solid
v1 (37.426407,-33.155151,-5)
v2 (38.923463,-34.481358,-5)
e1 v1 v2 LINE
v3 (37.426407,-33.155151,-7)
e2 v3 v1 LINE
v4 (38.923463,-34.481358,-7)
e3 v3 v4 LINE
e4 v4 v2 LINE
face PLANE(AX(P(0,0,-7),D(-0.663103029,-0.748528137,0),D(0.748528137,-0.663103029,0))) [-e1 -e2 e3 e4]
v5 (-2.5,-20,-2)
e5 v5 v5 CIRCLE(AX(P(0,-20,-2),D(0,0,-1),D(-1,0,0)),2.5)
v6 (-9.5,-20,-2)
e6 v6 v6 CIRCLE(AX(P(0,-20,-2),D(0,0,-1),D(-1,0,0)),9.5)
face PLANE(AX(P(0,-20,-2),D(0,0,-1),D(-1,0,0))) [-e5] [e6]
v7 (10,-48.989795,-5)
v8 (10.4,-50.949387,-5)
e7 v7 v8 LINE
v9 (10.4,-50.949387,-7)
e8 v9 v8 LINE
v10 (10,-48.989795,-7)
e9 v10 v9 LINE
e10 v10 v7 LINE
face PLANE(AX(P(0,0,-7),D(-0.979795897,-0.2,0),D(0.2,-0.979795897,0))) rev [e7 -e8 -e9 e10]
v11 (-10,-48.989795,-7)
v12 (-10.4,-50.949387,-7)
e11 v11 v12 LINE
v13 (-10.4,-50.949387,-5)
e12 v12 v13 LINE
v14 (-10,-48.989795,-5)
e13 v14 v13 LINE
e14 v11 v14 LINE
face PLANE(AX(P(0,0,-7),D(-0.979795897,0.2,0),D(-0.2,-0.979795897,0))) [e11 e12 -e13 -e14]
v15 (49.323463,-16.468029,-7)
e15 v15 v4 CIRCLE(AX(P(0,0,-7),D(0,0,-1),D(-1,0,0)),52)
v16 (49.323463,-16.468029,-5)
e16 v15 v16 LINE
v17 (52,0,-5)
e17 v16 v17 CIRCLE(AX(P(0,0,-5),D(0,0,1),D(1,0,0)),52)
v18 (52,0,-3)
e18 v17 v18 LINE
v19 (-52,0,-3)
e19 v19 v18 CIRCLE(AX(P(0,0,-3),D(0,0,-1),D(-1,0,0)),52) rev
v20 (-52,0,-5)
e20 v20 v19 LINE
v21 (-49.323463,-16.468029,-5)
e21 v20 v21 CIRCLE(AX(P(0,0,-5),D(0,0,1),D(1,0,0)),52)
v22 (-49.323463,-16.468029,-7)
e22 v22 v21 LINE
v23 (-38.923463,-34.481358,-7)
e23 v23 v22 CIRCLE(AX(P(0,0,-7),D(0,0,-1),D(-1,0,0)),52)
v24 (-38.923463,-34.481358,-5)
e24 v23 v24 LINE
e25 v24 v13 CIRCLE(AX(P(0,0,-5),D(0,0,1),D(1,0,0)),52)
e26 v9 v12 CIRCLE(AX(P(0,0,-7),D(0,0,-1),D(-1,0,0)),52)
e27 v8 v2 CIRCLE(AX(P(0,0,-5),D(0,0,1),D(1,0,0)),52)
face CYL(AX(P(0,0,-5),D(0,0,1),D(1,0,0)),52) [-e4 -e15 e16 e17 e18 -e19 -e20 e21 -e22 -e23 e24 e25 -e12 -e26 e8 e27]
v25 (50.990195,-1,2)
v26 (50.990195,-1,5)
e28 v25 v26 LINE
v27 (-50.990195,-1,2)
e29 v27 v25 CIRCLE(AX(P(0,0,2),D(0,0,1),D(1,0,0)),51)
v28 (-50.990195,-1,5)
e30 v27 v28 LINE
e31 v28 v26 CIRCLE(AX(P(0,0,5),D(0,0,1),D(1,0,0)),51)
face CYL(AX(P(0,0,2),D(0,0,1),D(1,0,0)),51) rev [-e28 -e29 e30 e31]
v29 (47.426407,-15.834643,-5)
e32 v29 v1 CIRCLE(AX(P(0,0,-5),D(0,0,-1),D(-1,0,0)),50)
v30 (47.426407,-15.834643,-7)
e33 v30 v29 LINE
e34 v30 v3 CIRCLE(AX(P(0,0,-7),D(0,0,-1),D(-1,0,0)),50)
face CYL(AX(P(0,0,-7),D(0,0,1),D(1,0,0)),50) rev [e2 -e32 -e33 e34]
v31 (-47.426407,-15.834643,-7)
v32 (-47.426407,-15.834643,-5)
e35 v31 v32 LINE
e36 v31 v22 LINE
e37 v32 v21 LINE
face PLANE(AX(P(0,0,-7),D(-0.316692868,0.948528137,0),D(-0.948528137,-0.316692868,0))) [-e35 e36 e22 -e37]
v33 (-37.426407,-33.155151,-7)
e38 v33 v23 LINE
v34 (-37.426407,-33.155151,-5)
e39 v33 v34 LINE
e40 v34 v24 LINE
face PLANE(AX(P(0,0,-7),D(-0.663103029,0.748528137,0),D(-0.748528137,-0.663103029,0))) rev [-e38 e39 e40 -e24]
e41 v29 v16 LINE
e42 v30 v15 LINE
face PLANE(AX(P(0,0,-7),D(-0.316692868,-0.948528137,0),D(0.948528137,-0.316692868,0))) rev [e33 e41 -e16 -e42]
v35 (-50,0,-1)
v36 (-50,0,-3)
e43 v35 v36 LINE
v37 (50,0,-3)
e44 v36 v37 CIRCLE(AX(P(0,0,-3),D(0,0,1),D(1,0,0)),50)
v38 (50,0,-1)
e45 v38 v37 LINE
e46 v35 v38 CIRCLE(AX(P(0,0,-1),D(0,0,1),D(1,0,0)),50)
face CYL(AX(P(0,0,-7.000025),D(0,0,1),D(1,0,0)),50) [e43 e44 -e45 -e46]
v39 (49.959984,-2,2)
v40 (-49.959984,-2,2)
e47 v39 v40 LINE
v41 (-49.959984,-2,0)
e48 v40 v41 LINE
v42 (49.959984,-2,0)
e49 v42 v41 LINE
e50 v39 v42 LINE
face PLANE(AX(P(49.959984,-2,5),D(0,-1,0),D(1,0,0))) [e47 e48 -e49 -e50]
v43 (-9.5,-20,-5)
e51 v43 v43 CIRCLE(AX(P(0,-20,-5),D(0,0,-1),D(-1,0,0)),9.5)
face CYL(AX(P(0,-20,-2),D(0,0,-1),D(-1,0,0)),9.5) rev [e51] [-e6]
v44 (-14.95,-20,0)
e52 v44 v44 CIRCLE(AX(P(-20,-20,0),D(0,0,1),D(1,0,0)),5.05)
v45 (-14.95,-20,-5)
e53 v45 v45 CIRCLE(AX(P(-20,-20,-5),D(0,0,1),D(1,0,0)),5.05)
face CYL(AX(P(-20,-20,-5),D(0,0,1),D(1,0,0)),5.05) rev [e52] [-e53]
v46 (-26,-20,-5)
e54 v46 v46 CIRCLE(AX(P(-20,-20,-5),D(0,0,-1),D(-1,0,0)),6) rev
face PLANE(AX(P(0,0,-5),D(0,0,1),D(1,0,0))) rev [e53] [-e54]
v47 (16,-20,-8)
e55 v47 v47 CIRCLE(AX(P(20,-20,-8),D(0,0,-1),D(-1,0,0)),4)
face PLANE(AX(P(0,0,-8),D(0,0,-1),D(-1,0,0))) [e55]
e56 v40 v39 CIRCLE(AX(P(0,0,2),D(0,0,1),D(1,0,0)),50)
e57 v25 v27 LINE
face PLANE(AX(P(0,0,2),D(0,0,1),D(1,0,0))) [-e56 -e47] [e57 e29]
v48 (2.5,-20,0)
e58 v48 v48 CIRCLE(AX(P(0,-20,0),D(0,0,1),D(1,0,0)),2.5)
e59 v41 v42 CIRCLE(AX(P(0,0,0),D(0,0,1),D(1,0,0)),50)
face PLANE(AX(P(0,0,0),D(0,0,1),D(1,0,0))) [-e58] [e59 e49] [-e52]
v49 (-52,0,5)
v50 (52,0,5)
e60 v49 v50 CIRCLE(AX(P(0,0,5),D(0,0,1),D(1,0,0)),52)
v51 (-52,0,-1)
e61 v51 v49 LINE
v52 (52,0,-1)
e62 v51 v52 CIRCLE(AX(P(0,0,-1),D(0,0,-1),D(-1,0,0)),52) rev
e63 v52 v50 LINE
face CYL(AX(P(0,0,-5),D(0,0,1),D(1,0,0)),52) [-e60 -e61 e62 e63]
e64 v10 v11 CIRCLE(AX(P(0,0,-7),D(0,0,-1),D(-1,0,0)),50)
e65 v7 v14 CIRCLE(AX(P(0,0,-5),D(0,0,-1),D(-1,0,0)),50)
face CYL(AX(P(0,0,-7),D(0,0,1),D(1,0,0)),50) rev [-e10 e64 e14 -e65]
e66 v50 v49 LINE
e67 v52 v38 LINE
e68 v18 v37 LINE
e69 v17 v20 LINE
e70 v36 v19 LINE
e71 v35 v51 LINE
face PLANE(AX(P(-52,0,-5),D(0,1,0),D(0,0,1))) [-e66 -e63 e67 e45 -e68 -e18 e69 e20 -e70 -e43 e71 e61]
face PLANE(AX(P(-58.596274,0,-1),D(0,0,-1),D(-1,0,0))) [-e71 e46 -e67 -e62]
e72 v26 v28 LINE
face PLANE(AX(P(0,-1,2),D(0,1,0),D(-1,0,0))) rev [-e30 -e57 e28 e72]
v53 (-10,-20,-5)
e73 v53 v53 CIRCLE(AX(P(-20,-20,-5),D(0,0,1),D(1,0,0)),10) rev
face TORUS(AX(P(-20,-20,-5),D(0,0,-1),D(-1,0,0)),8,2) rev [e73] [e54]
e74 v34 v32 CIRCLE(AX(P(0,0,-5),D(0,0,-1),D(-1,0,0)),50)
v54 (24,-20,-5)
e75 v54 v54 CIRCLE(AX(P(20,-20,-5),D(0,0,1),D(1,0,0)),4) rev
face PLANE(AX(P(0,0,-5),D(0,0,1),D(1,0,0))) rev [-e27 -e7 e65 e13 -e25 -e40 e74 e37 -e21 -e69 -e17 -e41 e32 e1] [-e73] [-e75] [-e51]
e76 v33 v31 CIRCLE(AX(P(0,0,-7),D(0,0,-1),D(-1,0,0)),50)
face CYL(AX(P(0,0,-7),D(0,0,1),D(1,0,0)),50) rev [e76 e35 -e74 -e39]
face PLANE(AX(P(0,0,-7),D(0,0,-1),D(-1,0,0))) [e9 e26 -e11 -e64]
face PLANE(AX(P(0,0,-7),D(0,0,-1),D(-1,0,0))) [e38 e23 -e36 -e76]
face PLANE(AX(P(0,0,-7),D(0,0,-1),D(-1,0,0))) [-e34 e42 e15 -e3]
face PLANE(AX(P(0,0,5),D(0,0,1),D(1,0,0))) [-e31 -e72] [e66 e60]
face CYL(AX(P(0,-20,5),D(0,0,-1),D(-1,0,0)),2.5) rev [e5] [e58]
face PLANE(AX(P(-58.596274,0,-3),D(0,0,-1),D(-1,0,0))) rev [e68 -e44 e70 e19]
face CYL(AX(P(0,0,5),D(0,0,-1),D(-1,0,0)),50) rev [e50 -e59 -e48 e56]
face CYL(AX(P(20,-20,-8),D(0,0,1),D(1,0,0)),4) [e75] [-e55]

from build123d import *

# Parameters (mm, degrees)
SKETCH1_R           = 5.05
BOSS_EXTRUDE1_DEPTH = 5
BOSS_EXTRUDE2_START = 5
BOSS_EXTRUDE2_DEPTH = 5
BOSS_EXTRUDE4_DEPTH = 2
CUT_EXTRUDE1_START  = -3
SKETCH6_R           = 9.5
SKETCH6_R_2         = 5.05
CUT_EXTRUDE1_DEPTH  = 3
SKETCH7_R           = 2.5
CUT_EXTRUDE2_DEPTH  = 74.87151007
SKETCH8_R           = 4
BOSS_EXTRUDE5_DEPTH = 3
CUT_EXTRUDE3_DEPTH  = 3
SKETCH10_W          = 8.596273884
SKETCH10_H          = 2
CUT_REVOLVE1_ANGLE  = 180
SKETCH12_R          = 2


with BuildPart() as part:
    # Sketch1 → Boss-Extrude1 (new body)
    with BuildSketch(Plane.XY):
        with BuildLine():
            Line((-52, 0), (52, 0))
            ThreePointArc((52, 0), (0, -52), (-52, 0))
        make_face()
        with Locations((-20, -20)):
            Circle(SKETCH1_R, mode=Mode.SUBTRACT)
    extrude(amount=-BOSS_EXTRUDE1_DEPTH)

    # Sketch2 → Boss-Extrude2 (add)
    with BuildSketch(Plane.XY.offset(BOSS_EXTRUDE2_START)):
        with BuildLine():
            Line((52, 0), (-52, 0))
            ThreePointArc((-52, 0), (0, -52), (52, 0))
        make_face()
        with BuildLine():
            Line((49.959983987, -2), (-49.959983987, -2))
            ThreePointArc((-49.959983987, -2), (0, -50), (49.959983987, -2))
        make_face(mode=Mode.SUBTRACT)
    extrude(amount=-BOSS_EXTRUDE2_DEPTH)

    # Sketch5 → Boss-Extrude4 (add)
    with BuildSketch(Plane(origin=(0, 0, -5), x_dir=(-1, 0, 0), z_dir=(0, 0, -1))):
        with BuildLine():
            ThreePointArc((-49.323463146, -16.468029126), (-45.033320997, -26), (-38.923463146, -34.481357524))
            Line((-38.923463146, -34.481357524), (-37.426406871, -33.155151466))
            ThreePointArc((-37.426406871, -33.155151466), (-43.301270189, -25), (-47.426406871, -15.83464339))
            Line((-47.426406871, -15.83464339), (-49.323463146, -16.468029126))
        make_face()
        with BuildLine():
            Line((10.4, -50.94938665), (10, -48.989794856))
            ThreePointArc((10, -48.989794856), (0, -50), (-10, -48.989794856))
            Line((-10, -48.989794856), (-10.4, -50.94938665))
            ThreePointArc((-10.4, -50.94938665), (0, -52), (10.4, -50.94938665))
        make_face()
        with BuildLine():
            Line((37.426406871, -33.155151466), (38.923463146, -34.481357524))
            ThreePointArc((38.923463146, -34.481357524), (45.033320997, -26), (49.323463146, -16.468029126))
            Line((49.323463146, -16.468029126), (47.426406871, -15.83464339))
            ThreePointArc((47.426406871, -15.83464339), (43.301270189, -25), (37.426406871, -33.155151466))
        make_face()
    extrude(amount=BOSS_EXTRUDE4_DEPTH)

    # Sketch6 → Cut-Extrude1 (cut)
    with BuildSketch(Plane(origin=(0, 0, -5), x_dir=(-1, 0, 0), z_dir=(0, 0, -1)).offset(CUT_EXTRUDE1_START)):
        with Locations((0, -20)):
            Circle(SKETCH6_R)
        with Locations(Location((20, -20, 0), (0, 0, 180))):
            Circle(SKETCH6_R_2)
    extrude(amount=CUT_EXTRUDE1_DEPTH, mode=Mode.SUBTRACT)

    # Sketch7 → Cut-Extrude2 (cut, through all)
    with BuildSketch(Plane(origin=(0, 0, -2), x_dir=(-1, 0, 0), z_dir=(0, 0, -1))):
        with Locations((0, -20)):
            Circle(SKETCH7_R)
    extrude(amount=-CUT_EXTRUDE2_DEPTH, mode=Mode.SUBTRACT)

    # Sketch8 → Boss-Extrude5 (add)
    with BuildSketch(Plane(origin=(0, 0, -5), x_dir=(-1, 0, 0), z_dir=(0, 0, -1))):
        with Locations(Location((-20, -20, 0), (0, 0, 180))):
            Circle(SKETCH8_R)
    extrude(amount=BOSS_EXTRUDE5_DEPTH)

    # Sketch9 → Cut-Extrude3 (cut)
    # profile 1 of 2: a face of its own
    with BuildSketch(Plane.XY.offset(5)):
        with BuildLine():
            Line((50.990195136, -1), (-50.990195136, -1))
            ThreePointArc((-50.990195136, -1), (0, -51), (50.990195136, -1))
        make_face()
        with BuildLine():
            ThreePointArc((49.959983987, -2), (0, -50), (-49.959983987, -2))
            Line((-49.959983987, -2), (49.959983987, -2))
        make_face(mode=Mode.SUBTRACT)
    # profile 2 of 2: a face of its own
    with BuildSketch(Plane.XY.offset(5)):
        with BuildLine():
            Line((-49.959983987, -2), (49.959983987, -2))
            ThreePointArc((49.959983987, -2), (0, -50), (-49.959983987, -2))
        make_face()
    extrude(amount=-CUT_EXTRUDE3_DEPTH, mode=Mode.SUBTRACT)

    # Sketch10 → Cut-Revolve1 (revolve, cut)
    with BuildSketch(Plane(origin=(0, 0, 0), x_dir=(1, 0, 0), z_dir=(0, 1, 0))):
        with Locations((54.298136942, 2)):
            Rectangle(SKETCH10_W, SKETCH10_H)
    revolve(axis=Axis((0, 0, -7.000025), (0, 0, -1)), revolution_arc=CUT_REVOLVE1_ANGLE, mode=Mode.SUBTRACT)

    # Sketch12 → Cut-Revolve2 (revolve, cut)
    with BuildSketch(Plane(origin=(0, -20, 0), x_dir=(1, 0, 0), z_dir=(0, 1, 0)), mode=Mode.PRIVATE) as cut_revolve2_sk:
        with Locations((-12, 5)):
            Circle(SKETCH12_R)
    revolve(cut_revolve2_sk.sketch.rotate(Axis((-20, -20, -5), (0, 0, 1)), 180), axis=Axis((-20, -20, -5), (0, 0, 1)), mode=Mode.SUBTRACT)


solid = part.part
